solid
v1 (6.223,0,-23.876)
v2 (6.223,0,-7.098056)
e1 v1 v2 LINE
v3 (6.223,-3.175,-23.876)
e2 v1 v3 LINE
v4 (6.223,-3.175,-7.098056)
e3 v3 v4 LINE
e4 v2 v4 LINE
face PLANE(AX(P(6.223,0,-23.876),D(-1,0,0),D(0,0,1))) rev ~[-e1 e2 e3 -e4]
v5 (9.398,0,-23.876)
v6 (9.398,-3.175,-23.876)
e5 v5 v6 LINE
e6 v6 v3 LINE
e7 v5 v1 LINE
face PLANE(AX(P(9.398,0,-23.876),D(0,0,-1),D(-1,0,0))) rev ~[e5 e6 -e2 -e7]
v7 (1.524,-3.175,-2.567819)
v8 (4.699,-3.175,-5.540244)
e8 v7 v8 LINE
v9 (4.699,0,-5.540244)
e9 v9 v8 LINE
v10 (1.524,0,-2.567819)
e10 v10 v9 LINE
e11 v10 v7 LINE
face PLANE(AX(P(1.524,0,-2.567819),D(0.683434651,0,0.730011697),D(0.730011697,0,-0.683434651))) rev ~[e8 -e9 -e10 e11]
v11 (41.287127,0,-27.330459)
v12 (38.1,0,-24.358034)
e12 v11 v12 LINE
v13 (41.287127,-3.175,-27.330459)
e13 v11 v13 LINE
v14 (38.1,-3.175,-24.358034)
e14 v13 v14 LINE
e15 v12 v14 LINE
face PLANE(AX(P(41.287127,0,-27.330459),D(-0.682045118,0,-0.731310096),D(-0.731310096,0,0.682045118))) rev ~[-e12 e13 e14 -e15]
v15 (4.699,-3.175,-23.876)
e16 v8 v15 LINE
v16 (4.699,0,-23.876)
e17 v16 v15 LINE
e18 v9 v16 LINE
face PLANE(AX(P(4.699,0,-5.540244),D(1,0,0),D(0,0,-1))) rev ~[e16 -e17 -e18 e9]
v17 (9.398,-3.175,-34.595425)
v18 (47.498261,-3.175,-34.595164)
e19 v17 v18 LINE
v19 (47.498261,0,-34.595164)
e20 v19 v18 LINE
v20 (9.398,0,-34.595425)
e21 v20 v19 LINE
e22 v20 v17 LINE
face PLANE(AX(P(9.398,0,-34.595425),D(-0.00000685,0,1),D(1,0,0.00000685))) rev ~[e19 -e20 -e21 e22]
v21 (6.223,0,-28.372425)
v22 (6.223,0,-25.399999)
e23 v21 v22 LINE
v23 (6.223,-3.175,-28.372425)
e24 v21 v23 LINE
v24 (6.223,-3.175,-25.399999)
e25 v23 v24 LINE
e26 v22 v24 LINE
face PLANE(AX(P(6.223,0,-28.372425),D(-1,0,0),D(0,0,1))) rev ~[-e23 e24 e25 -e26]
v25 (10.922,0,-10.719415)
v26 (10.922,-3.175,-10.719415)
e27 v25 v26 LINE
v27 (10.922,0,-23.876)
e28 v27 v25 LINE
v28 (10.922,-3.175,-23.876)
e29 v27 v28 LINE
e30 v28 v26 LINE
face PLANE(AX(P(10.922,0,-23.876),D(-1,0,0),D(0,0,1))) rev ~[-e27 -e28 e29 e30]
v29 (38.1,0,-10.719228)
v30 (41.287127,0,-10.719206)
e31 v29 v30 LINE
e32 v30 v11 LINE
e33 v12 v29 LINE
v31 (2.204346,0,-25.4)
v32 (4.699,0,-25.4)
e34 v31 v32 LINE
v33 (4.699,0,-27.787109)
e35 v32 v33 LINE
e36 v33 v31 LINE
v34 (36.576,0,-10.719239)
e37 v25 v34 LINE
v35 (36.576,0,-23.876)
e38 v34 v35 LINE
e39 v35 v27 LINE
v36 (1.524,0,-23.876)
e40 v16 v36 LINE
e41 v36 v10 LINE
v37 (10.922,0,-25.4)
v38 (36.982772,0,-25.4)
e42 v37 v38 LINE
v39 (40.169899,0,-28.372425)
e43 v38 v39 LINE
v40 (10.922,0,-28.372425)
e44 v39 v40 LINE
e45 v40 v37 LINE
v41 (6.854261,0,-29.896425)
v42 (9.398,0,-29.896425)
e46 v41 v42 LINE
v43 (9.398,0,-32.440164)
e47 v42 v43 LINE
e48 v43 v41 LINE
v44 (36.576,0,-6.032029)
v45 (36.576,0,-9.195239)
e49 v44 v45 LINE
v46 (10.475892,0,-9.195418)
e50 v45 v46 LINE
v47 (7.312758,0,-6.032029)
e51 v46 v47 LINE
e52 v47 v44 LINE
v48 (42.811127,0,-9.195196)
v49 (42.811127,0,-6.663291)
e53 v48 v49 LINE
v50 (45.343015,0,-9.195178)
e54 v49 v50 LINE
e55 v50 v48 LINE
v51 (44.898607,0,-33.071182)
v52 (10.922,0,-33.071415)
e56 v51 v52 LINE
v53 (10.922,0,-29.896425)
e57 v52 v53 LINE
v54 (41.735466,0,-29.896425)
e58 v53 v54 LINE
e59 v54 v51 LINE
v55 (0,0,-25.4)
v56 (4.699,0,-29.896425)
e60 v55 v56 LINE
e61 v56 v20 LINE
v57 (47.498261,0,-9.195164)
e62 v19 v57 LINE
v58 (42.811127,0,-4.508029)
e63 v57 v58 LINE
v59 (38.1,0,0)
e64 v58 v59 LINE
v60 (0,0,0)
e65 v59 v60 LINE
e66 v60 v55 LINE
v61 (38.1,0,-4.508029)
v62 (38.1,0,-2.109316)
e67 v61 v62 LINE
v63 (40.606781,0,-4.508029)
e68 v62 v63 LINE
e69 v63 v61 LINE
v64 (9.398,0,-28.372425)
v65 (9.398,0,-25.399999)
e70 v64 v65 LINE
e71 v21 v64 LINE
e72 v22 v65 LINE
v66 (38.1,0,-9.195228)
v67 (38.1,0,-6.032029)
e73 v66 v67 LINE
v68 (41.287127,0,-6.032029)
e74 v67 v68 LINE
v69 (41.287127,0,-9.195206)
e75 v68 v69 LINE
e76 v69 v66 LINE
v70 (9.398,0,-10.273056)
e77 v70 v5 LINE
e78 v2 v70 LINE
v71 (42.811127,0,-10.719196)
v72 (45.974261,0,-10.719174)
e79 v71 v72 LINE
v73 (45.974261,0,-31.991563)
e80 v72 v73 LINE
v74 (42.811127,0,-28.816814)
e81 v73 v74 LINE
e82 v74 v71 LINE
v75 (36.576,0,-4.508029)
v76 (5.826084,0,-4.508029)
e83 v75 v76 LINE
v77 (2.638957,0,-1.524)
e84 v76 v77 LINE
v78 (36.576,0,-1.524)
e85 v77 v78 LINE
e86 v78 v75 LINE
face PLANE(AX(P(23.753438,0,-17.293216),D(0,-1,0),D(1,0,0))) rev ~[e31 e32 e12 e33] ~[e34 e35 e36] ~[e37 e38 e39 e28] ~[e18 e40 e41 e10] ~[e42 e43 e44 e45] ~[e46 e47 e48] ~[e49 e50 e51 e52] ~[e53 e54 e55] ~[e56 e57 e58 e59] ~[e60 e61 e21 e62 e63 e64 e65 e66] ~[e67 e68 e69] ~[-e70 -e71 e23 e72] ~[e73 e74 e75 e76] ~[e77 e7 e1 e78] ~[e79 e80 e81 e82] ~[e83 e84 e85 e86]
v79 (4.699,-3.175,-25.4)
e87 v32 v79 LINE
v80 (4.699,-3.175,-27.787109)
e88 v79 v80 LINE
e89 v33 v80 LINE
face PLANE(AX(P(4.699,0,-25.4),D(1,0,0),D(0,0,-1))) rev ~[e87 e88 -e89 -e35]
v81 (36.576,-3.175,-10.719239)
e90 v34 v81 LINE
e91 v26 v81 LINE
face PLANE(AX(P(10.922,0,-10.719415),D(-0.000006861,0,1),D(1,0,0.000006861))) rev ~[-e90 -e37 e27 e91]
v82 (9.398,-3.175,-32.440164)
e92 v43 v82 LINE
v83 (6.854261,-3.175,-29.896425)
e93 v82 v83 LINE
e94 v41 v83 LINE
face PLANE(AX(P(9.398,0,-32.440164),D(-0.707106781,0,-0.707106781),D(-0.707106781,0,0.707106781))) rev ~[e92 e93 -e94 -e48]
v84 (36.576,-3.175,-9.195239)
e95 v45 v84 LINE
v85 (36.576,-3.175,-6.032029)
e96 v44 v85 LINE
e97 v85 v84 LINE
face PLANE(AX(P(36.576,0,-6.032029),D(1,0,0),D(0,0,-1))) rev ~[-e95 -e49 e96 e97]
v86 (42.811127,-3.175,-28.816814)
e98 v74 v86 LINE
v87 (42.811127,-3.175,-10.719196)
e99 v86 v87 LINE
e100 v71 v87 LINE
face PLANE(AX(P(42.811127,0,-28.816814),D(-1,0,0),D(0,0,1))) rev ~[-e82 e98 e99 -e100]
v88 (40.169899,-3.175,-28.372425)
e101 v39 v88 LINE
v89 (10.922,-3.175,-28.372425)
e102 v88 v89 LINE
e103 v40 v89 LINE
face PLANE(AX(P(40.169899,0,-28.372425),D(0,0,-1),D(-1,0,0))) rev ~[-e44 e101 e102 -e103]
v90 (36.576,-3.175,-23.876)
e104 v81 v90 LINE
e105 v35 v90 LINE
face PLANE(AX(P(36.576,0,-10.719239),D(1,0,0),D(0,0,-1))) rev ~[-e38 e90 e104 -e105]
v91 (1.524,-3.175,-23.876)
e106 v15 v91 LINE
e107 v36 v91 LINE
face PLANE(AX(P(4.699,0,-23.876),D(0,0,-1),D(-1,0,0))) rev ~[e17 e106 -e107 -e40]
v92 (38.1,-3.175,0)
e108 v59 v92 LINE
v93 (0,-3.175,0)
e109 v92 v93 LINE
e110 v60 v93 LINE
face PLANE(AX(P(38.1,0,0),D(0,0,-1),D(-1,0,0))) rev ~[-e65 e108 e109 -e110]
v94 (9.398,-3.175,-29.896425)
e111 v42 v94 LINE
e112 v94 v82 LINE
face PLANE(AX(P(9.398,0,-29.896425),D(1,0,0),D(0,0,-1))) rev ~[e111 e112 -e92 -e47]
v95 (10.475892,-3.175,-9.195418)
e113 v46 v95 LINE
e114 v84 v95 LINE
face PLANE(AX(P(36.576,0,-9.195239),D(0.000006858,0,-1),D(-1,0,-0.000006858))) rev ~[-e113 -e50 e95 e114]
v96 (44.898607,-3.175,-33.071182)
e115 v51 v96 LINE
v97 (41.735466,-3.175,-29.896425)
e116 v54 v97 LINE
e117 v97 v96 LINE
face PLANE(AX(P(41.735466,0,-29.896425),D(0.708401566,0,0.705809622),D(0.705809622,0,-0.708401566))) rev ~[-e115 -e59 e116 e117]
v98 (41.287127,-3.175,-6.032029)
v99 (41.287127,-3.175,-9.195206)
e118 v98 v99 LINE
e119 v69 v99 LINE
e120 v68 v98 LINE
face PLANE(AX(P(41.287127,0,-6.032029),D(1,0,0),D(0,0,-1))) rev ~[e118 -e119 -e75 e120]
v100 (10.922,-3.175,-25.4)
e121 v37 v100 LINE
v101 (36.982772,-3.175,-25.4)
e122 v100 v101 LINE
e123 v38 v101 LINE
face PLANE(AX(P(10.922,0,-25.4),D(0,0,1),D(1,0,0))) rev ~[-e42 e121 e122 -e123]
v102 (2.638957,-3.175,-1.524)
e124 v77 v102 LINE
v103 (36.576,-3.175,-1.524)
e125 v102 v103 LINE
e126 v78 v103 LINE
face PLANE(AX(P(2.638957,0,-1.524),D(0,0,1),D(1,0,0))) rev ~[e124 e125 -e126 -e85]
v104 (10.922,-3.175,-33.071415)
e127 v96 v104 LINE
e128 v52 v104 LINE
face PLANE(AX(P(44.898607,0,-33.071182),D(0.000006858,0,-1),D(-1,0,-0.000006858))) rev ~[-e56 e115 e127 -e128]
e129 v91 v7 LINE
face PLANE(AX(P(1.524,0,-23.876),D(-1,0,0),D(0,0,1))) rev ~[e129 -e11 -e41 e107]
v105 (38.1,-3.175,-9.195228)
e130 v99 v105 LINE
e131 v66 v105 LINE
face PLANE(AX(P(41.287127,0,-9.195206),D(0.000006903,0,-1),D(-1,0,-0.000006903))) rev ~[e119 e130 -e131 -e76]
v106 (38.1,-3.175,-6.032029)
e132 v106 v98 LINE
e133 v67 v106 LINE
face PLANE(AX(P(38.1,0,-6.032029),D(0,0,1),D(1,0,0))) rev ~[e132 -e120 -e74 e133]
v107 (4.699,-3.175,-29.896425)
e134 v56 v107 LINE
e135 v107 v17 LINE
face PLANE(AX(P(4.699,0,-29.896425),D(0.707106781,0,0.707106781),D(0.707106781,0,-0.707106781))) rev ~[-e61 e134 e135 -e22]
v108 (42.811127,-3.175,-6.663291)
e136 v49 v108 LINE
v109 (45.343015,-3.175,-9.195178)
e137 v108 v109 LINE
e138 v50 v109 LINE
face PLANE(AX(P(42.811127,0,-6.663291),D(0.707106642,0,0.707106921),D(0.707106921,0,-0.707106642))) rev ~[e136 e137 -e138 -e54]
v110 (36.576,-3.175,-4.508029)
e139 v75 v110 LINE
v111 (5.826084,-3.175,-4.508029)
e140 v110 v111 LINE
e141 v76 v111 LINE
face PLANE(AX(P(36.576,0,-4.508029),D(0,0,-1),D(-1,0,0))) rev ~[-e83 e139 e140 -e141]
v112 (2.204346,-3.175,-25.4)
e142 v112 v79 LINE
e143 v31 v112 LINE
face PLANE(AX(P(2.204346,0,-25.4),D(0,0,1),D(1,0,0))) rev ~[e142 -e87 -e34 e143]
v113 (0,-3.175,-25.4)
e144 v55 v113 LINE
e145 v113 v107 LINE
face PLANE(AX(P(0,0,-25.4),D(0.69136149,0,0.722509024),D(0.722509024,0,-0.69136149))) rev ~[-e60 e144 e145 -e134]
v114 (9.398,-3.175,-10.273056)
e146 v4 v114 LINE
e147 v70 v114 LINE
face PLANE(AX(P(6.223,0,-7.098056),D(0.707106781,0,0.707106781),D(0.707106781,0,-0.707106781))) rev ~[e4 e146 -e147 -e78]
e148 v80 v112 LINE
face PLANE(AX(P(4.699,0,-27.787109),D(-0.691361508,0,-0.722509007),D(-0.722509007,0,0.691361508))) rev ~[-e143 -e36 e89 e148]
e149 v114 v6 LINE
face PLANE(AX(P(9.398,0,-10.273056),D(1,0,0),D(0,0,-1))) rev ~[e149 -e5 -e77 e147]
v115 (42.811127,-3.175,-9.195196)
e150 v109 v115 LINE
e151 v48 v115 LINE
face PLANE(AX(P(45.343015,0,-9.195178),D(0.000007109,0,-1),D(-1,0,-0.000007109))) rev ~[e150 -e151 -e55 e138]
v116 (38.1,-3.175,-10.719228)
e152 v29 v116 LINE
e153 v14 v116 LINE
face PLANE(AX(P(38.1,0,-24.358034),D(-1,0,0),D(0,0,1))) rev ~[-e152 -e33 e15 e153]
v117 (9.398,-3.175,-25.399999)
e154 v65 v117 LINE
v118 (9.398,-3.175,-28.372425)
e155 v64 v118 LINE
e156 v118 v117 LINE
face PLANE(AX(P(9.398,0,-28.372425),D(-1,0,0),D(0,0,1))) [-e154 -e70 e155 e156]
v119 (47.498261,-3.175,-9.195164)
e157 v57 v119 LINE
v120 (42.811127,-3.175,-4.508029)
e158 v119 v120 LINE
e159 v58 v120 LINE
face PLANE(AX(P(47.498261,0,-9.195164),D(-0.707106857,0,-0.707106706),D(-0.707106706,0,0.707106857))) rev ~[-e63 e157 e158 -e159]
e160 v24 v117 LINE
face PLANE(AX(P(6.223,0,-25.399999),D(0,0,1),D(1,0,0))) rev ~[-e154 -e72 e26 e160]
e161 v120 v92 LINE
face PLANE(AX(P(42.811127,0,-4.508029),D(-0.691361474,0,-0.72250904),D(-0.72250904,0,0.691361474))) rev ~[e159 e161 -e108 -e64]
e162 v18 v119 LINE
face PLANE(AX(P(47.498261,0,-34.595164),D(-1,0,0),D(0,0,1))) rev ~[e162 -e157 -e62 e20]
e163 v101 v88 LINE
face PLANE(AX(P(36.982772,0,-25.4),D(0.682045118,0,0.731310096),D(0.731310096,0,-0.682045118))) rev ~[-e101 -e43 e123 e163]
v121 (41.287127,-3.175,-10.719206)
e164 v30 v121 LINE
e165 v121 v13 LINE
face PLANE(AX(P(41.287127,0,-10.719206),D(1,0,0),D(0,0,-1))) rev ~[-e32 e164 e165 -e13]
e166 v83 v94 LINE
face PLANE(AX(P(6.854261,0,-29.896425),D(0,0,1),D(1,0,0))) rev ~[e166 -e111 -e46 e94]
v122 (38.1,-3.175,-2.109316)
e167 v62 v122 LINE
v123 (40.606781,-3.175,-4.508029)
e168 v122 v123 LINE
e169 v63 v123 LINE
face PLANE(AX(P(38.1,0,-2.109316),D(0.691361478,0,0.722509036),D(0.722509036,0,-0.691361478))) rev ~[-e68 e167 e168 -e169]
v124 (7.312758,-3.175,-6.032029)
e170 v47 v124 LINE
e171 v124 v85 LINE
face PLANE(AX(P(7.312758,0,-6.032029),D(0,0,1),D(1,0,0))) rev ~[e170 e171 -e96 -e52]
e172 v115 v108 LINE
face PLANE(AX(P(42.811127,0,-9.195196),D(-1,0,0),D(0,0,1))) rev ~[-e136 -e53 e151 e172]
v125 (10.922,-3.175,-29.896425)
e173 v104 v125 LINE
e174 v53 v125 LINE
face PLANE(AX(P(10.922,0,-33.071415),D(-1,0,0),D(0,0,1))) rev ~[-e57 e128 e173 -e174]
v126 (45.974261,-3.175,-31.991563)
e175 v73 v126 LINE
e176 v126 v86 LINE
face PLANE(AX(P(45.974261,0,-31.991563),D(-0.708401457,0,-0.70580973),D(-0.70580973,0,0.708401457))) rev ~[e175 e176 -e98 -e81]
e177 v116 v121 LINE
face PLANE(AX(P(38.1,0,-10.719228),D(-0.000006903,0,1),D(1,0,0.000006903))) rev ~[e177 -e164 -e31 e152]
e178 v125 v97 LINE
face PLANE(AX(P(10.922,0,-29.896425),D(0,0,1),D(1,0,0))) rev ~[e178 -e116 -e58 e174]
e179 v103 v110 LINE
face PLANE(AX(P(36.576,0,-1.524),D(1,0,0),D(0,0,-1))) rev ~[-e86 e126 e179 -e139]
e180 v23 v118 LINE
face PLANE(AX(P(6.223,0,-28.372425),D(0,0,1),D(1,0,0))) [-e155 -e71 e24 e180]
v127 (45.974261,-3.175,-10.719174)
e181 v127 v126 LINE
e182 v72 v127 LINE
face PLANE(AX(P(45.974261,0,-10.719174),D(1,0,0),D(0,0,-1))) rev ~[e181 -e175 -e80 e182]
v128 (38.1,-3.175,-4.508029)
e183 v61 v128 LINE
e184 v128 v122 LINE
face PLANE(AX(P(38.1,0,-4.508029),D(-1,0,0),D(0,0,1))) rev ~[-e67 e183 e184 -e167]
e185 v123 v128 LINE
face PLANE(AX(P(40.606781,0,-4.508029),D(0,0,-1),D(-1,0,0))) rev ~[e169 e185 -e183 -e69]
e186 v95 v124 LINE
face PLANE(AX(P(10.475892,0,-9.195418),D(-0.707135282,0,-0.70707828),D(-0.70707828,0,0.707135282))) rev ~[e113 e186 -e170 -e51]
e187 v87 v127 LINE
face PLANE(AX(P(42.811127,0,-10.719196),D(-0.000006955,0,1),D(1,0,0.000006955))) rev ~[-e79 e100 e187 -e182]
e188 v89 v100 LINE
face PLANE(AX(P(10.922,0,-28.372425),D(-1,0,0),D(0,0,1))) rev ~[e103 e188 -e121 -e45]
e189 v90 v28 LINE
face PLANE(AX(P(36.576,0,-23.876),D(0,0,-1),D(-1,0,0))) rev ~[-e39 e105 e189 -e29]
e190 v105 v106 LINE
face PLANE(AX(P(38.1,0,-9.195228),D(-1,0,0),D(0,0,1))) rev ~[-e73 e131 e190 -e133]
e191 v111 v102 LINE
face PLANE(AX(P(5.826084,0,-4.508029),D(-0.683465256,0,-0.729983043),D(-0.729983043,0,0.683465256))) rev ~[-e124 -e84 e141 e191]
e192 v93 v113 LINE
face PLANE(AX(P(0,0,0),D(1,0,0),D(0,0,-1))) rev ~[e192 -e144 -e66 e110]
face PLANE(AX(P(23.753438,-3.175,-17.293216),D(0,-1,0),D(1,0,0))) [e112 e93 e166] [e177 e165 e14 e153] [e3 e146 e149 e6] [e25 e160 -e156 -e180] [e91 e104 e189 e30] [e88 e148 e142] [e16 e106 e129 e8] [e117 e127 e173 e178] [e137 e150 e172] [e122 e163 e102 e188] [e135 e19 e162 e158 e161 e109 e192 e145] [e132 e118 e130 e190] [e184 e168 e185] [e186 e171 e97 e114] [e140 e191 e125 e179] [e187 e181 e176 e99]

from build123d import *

# Parameters (mm, degrees)
F0_W     = 3.175
F0_H     = 2.972425
F1_DEPTH = 3.175


with BuildPart() as f1:
    # F0 (on Front) → F1 (new body)
    with BuildSketch(Plane.XZ):
        Polygon((38.1, 0), (0, 0), (0, -25.4), (4.699, -29.896425), (9.398, -34.595425), (47.498261, -34.595164), (47.498261, -9.195164), (42.811127, -4.508029), align=None)
        Polygon((9.398, -32.440164), (6.854261, -29.896425), (9.398, -29.896425), align=None, mode=Mode.SUBTRACT)
        Polygon((4.699, -27.787109), (2.204346, -25.4), (4.699, -25.4), align=None, mode=Mode.SUBTRACT)
        with Locations((7.8105, -26.886212)):
            Rectangle(F0_W, F0_H, mode=Mode.SUBTRACT)
        Polygon((44.898607, -33.071182), (10.922, -33.071415), (10.922, -29.896425), (41.735466, -29.896425), align=None, mode=Mode.SUBTRACT)
        Polygon((10.922, -28.372425), (10.922, -25.4), (36.982772, -25.4), (40.169899, -28.372425), align=None, mode=Mode.SUBTRACT)
        Polygon((38.1, -24.358034), (38.1, -10.719228), (41.287127, -10.719206), (41.287127, -27.330459), align=None, mode=Mode.SUBTRACT)
        Polygon((42.811127, -10.719196), (45.974261, -10.719174), (45.974261, -31.991563), (42.811127, -28.816814), align=None, mode=Mode.SUBTRACT)
        Polygon((1.524, -23.876), (1.524, -2.567819), (4.699, -5.540244), (4.699, -23.876), align=None, mode=Mode.SUBTRACT)
        Polygon((6.223, -23.876), (6.223, -7.098056), (9.398, -10.273056), (9.398, -23.876), align=None, mode=Mode.SUBTRACT)
        Polygon((10.922, -23.876), (10.922, -10.719415), (36.576, -10.719239), (36.576, -23.876), align=None, mode=Mode.SUBTRACT)
        Polygon((10.475892, -9.195418), (7.312758, -6.032029), (36.576, -6.032029), (36.576, -9.195239), align=None, mode=Mode.SUBTRACT)
        Polygon((5.826084, -4.508029), (2.638957, -1.524), (36.576, -1.524), (36.576, -4.508029), align=None, mode=Mode.SUBTRACT)
        Polygon((38.1, -6.032029), (41.287127, -6.032029), (41.287127, -9.195206), (38.1, -9.195228), align=None, mode=Mode.SUBTRACT)
        Polygon((42.811127, -9.195196), (42.811127, -6.663291), (45.343015, -9.195178), align=None, mode=Mode.SUBTRACT)
        Polygon((38.1, -4.508029), (38.1, -2.109316), (40.606781, -4.508029), align=None, mode=Mode.SUBTRACT)
    extrude(amount=F1_DEPTH)


solid = f1.part
